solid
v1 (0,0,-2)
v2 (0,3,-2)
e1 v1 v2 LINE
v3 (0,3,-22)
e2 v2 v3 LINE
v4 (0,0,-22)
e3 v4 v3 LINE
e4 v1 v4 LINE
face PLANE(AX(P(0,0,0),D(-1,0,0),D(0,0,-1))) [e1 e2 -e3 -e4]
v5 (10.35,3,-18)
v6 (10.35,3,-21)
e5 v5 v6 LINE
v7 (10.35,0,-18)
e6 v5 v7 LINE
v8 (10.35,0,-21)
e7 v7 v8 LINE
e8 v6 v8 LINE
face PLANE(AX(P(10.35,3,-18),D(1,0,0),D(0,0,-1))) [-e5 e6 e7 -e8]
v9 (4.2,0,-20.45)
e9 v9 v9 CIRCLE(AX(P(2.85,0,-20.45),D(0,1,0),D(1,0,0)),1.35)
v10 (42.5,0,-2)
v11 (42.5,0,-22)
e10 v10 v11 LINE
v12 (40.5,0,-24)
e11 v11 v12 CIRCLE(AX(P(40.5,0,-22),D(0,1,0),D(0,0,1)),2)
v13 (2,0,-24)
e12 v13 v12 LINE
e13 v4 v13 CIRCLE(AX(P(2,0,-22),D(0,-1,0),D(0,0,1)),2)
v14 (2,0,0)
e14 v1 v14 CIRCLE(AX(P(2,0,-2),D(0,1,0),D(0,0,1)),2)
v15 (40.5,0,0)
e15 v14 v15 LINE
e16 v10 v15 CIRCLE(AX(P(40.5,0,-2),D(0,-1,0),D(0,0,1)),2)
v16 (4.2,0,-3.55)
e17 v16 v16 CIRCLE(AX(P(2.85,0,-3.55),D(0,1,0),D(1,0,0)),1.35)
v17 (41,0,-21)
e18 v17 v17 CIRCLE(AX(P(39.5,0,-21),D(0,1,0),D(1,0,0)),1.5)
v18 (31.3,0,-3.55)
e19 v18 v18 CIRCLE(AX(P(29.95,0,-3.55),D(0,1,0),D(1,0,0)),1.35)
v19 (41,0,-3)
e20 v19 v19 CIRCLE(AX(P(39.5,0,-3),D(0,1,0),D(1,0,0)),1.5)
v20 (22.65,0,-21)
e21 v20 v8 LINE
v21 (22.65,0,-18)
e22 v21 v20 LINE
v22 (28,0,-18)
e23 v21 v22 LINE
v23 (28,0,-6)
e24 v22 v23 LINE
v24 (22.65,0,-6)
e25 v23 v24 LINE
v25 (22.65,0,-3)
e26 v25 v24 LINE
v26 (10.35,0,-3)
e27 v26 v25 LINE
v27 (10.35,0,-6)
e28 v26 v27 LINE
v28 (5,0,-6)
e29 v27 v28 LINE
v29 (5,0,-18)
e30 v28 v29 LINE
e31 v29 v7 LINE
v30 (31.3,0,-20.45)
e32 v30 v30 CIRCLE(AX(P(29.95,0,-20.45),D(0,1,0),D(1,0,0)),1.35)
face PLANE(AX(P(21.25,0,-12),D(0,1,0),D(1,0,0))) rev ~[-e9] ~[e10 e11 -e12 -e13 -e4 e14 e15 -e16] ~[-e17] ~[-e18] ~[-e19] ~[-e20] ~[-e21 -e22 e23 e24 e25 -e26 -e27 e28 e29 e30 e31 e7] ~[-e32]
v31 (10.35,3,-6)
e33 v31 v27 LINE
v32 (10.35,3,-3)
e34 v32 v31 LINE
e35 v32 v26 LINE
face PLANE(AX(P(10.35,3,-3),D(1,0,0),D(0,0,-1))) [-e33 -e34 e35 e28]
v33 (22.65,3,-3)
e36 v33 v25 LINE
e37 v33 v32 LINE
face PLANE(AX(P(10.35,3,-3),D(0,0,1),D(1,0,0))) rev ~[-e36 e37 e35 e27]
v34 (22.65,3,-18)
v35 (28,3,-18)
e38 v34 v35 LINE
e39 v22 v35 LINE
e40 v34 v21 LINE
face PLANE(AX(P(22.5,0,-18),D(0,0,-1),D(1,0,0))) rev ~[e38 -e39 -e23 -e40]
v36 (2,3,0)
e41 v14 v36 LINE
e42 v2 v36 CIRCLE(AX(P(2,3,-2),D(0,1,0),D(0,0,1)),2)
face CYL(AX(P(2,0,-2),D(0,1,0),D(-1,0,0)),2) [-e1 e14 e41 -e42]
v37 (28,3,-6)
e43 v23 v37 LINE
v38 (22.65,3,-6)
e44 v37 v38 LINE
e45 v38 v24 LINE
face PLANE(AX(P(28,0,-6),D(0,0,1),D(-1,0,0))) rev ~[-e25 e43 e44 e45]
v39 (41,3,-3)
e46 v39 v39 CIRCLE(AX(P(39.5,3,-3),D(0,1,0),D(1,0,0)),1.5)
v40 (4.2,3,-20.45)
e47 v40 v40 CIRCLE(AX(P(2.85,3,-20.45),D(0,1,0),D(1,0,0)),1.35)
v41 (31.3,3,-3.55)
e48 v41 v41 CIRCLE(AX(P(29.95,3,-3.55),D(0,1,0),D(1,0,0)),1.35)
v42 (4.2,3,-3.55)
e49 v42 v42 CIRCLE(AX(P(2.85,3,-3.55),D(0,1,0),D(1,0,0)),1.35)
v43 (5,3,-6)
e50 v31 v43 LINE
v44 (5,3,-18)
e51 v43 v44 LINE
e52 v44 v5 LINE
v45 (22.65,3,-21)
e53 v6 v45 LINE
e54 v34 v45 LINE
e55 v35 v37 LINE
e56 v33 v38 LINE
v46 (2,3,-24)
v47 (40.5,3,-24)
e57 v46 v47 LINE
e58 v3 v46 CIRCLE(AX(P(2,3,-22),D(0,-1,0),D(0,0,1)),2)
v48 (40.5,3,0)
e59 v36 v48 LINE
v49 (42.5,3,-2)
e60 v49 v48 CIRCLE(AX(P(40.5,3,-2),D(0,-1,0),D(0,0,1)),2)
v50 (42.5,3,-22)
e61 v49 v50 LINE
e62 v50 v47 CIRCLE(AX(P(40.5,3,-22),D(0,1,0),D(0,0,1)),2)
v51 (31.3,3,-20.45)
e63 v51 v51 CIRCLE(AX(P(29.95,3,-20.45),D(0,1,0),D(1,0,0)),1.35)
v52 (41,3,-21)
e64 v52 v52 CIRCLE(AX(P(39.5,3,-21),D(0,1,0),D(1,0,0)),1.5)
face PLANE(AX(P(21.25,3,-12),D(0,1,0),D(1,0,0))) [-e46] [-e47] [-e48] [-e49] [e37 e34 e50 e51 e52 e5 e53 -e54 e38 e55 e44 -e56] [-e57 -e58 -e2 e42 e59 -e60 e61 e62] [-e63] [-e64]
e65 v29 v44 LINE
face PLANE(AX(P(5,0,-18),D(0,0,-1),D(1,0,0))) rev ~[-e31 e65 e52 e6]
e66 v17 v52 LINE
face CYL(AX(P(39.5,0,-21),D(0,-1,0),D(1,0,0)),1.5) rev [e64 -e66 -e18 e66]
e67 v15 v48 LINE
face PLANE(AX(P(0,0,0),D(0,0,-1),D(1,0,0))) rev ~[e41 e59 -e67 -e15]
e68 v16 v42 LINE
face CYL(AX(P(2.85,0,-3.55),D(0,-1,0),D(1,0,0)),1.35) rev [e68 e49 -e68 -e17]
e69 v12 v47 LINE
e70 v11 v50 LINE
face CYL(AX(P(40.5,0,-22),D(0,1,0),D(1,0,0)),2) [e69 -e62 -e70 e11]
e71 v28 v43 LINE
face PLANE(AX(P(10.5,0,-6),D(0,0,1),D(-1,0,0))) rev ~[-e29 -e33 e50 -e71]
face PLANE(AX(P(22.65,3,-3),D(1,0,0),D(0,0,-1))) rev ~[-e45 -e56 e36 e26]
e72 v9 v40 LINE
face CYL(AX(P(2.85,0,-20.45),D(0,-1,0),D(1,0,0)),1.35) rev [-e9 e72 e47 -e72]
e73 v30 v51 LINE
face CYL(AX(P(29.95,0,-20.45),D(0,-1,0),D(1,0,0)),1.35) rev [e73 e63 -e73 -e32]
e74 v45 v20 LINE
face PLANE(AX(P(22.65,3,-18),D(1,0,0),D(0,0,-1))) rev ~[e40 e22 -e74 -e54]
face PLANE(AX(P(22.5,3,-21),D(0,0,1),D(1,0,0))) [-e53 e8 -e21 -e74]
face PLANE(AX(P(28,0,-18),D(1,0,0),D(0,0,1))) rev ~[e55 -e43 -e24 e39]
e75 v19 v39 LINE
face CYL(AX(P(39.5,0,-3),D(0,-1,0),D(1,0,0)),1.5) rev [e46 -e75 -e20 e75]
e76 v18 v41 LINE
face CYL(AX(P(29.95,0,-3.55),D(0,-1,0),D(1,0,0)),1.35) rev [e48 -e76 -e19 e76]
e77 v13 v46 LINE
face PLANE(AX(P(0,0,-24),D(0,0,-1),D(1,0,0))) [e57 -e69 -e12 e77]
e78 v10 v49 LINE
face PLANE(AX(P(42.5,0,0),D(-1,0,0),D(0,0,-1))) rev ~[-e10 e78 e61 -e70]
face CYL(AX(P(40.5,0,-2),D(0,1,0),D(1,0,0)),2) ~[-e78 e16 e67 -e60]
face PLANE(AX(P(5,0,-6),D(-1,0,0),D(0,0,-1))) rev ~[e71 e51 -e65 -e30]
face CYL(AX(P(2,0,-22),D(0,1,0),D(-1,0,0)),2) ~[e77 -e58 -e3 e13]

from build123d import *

# Parameters (mm, degrees)
SKETCH1_W           = 42.5
SKETCH1_H           = 24
SKETCH1_R           = 1.35
SKETCH1_R_2         = 1.5
BOSS_EXTRUDE1_DEPTH = 3
SKETCH2_W           = 0.15
SKETCH2_H           = 3
CUT_EXTRUDE1_DEPTH  = 4
FILLET1_R           = 2


with BuildPart() as part:
    # Sketch1 → Boss-Extrude1 (new body)
    with BuildSketch(Plane(origin=(0, 0, 0), x_dir=(1, 0, 0), z_dir=(0, 1, 0))):
        with Locations((21.25, 12)):
            Rectangle(SKETCH1_W, SKETCH1_H)
        with Locations((2.85, 3.55)):
            Circle(SKETCH1_R, mode=Mode.SUBTRACT)
        with Locations((29.95, 3.55)):
            Circle(SKETCH1_R, mode=Mode.SUBTRACT)
        with Locations((39.5, 3)):
            Circle(SKETCH1_R_2, mode=Mode.SUBTRACT)
        Polygon((5, 6), (5, 18), (10.5, 18), (10.5, 21), (22.5, 21), (22.5, 18), (28, 18), (28, 6), (22.5, 6), (22.5, 3), (10.5, 3), (10.5, 6), align=None, mode=Mode.SUBTRACT)
        with Locations((2.85, 20.45)):
            Circle(SKETCH1_R, mode=Mode.SUBTRACT)
        with Locations((29.95, 20.45)):
            Circle(SKETCH1_R, mode=Mode.SUBTRACT)
        with Locations((39.5, 21)):
            Circle(SKETCH1_R_2, mode=Mode.SUBTRACT)
    extrude(amount=BOSS_EXTRUDE1_DEPTH)

    # Sketch2 → Cut-Extrude1 (cut, through all)
    with BuildSketch(Plane(origin=(0, 3, 0), x_dir=(1, 0, 0), z_dir=(0, 1, 0))):
        with Locations((22.575, 4.5)):
            Rectangle(SKETCH2_W, SKETCH2_H)
        with Locations((10.425, 4.5)):
            Rectangle(SKETCH2_W, SKETCH2_H)
        with Locations((22.575, 19.5)):
            Rectangle(SKETCH2_W, SKETCH2_H)
        with Locations((10.425, 19.5)):
            Rectangle(SKETCH2_W, SKETCH2_H)
    extrude(amount=-CUT_EXTRUDE1_DEPTH, mode=Mode.SUBTRACT)

    # Fillet1
    fillet1_edges = [part.edges().sort_by_distance(p)[0] for p in [
        (0, 1.5, 0),
        (0, 1.5, -24),
        (42.5, 1.5, -24),
        (42.5, 1.5, 0),
    ]]
    fillet(fillet1_edges, radius=FILLET1_R)


solid = part.part
